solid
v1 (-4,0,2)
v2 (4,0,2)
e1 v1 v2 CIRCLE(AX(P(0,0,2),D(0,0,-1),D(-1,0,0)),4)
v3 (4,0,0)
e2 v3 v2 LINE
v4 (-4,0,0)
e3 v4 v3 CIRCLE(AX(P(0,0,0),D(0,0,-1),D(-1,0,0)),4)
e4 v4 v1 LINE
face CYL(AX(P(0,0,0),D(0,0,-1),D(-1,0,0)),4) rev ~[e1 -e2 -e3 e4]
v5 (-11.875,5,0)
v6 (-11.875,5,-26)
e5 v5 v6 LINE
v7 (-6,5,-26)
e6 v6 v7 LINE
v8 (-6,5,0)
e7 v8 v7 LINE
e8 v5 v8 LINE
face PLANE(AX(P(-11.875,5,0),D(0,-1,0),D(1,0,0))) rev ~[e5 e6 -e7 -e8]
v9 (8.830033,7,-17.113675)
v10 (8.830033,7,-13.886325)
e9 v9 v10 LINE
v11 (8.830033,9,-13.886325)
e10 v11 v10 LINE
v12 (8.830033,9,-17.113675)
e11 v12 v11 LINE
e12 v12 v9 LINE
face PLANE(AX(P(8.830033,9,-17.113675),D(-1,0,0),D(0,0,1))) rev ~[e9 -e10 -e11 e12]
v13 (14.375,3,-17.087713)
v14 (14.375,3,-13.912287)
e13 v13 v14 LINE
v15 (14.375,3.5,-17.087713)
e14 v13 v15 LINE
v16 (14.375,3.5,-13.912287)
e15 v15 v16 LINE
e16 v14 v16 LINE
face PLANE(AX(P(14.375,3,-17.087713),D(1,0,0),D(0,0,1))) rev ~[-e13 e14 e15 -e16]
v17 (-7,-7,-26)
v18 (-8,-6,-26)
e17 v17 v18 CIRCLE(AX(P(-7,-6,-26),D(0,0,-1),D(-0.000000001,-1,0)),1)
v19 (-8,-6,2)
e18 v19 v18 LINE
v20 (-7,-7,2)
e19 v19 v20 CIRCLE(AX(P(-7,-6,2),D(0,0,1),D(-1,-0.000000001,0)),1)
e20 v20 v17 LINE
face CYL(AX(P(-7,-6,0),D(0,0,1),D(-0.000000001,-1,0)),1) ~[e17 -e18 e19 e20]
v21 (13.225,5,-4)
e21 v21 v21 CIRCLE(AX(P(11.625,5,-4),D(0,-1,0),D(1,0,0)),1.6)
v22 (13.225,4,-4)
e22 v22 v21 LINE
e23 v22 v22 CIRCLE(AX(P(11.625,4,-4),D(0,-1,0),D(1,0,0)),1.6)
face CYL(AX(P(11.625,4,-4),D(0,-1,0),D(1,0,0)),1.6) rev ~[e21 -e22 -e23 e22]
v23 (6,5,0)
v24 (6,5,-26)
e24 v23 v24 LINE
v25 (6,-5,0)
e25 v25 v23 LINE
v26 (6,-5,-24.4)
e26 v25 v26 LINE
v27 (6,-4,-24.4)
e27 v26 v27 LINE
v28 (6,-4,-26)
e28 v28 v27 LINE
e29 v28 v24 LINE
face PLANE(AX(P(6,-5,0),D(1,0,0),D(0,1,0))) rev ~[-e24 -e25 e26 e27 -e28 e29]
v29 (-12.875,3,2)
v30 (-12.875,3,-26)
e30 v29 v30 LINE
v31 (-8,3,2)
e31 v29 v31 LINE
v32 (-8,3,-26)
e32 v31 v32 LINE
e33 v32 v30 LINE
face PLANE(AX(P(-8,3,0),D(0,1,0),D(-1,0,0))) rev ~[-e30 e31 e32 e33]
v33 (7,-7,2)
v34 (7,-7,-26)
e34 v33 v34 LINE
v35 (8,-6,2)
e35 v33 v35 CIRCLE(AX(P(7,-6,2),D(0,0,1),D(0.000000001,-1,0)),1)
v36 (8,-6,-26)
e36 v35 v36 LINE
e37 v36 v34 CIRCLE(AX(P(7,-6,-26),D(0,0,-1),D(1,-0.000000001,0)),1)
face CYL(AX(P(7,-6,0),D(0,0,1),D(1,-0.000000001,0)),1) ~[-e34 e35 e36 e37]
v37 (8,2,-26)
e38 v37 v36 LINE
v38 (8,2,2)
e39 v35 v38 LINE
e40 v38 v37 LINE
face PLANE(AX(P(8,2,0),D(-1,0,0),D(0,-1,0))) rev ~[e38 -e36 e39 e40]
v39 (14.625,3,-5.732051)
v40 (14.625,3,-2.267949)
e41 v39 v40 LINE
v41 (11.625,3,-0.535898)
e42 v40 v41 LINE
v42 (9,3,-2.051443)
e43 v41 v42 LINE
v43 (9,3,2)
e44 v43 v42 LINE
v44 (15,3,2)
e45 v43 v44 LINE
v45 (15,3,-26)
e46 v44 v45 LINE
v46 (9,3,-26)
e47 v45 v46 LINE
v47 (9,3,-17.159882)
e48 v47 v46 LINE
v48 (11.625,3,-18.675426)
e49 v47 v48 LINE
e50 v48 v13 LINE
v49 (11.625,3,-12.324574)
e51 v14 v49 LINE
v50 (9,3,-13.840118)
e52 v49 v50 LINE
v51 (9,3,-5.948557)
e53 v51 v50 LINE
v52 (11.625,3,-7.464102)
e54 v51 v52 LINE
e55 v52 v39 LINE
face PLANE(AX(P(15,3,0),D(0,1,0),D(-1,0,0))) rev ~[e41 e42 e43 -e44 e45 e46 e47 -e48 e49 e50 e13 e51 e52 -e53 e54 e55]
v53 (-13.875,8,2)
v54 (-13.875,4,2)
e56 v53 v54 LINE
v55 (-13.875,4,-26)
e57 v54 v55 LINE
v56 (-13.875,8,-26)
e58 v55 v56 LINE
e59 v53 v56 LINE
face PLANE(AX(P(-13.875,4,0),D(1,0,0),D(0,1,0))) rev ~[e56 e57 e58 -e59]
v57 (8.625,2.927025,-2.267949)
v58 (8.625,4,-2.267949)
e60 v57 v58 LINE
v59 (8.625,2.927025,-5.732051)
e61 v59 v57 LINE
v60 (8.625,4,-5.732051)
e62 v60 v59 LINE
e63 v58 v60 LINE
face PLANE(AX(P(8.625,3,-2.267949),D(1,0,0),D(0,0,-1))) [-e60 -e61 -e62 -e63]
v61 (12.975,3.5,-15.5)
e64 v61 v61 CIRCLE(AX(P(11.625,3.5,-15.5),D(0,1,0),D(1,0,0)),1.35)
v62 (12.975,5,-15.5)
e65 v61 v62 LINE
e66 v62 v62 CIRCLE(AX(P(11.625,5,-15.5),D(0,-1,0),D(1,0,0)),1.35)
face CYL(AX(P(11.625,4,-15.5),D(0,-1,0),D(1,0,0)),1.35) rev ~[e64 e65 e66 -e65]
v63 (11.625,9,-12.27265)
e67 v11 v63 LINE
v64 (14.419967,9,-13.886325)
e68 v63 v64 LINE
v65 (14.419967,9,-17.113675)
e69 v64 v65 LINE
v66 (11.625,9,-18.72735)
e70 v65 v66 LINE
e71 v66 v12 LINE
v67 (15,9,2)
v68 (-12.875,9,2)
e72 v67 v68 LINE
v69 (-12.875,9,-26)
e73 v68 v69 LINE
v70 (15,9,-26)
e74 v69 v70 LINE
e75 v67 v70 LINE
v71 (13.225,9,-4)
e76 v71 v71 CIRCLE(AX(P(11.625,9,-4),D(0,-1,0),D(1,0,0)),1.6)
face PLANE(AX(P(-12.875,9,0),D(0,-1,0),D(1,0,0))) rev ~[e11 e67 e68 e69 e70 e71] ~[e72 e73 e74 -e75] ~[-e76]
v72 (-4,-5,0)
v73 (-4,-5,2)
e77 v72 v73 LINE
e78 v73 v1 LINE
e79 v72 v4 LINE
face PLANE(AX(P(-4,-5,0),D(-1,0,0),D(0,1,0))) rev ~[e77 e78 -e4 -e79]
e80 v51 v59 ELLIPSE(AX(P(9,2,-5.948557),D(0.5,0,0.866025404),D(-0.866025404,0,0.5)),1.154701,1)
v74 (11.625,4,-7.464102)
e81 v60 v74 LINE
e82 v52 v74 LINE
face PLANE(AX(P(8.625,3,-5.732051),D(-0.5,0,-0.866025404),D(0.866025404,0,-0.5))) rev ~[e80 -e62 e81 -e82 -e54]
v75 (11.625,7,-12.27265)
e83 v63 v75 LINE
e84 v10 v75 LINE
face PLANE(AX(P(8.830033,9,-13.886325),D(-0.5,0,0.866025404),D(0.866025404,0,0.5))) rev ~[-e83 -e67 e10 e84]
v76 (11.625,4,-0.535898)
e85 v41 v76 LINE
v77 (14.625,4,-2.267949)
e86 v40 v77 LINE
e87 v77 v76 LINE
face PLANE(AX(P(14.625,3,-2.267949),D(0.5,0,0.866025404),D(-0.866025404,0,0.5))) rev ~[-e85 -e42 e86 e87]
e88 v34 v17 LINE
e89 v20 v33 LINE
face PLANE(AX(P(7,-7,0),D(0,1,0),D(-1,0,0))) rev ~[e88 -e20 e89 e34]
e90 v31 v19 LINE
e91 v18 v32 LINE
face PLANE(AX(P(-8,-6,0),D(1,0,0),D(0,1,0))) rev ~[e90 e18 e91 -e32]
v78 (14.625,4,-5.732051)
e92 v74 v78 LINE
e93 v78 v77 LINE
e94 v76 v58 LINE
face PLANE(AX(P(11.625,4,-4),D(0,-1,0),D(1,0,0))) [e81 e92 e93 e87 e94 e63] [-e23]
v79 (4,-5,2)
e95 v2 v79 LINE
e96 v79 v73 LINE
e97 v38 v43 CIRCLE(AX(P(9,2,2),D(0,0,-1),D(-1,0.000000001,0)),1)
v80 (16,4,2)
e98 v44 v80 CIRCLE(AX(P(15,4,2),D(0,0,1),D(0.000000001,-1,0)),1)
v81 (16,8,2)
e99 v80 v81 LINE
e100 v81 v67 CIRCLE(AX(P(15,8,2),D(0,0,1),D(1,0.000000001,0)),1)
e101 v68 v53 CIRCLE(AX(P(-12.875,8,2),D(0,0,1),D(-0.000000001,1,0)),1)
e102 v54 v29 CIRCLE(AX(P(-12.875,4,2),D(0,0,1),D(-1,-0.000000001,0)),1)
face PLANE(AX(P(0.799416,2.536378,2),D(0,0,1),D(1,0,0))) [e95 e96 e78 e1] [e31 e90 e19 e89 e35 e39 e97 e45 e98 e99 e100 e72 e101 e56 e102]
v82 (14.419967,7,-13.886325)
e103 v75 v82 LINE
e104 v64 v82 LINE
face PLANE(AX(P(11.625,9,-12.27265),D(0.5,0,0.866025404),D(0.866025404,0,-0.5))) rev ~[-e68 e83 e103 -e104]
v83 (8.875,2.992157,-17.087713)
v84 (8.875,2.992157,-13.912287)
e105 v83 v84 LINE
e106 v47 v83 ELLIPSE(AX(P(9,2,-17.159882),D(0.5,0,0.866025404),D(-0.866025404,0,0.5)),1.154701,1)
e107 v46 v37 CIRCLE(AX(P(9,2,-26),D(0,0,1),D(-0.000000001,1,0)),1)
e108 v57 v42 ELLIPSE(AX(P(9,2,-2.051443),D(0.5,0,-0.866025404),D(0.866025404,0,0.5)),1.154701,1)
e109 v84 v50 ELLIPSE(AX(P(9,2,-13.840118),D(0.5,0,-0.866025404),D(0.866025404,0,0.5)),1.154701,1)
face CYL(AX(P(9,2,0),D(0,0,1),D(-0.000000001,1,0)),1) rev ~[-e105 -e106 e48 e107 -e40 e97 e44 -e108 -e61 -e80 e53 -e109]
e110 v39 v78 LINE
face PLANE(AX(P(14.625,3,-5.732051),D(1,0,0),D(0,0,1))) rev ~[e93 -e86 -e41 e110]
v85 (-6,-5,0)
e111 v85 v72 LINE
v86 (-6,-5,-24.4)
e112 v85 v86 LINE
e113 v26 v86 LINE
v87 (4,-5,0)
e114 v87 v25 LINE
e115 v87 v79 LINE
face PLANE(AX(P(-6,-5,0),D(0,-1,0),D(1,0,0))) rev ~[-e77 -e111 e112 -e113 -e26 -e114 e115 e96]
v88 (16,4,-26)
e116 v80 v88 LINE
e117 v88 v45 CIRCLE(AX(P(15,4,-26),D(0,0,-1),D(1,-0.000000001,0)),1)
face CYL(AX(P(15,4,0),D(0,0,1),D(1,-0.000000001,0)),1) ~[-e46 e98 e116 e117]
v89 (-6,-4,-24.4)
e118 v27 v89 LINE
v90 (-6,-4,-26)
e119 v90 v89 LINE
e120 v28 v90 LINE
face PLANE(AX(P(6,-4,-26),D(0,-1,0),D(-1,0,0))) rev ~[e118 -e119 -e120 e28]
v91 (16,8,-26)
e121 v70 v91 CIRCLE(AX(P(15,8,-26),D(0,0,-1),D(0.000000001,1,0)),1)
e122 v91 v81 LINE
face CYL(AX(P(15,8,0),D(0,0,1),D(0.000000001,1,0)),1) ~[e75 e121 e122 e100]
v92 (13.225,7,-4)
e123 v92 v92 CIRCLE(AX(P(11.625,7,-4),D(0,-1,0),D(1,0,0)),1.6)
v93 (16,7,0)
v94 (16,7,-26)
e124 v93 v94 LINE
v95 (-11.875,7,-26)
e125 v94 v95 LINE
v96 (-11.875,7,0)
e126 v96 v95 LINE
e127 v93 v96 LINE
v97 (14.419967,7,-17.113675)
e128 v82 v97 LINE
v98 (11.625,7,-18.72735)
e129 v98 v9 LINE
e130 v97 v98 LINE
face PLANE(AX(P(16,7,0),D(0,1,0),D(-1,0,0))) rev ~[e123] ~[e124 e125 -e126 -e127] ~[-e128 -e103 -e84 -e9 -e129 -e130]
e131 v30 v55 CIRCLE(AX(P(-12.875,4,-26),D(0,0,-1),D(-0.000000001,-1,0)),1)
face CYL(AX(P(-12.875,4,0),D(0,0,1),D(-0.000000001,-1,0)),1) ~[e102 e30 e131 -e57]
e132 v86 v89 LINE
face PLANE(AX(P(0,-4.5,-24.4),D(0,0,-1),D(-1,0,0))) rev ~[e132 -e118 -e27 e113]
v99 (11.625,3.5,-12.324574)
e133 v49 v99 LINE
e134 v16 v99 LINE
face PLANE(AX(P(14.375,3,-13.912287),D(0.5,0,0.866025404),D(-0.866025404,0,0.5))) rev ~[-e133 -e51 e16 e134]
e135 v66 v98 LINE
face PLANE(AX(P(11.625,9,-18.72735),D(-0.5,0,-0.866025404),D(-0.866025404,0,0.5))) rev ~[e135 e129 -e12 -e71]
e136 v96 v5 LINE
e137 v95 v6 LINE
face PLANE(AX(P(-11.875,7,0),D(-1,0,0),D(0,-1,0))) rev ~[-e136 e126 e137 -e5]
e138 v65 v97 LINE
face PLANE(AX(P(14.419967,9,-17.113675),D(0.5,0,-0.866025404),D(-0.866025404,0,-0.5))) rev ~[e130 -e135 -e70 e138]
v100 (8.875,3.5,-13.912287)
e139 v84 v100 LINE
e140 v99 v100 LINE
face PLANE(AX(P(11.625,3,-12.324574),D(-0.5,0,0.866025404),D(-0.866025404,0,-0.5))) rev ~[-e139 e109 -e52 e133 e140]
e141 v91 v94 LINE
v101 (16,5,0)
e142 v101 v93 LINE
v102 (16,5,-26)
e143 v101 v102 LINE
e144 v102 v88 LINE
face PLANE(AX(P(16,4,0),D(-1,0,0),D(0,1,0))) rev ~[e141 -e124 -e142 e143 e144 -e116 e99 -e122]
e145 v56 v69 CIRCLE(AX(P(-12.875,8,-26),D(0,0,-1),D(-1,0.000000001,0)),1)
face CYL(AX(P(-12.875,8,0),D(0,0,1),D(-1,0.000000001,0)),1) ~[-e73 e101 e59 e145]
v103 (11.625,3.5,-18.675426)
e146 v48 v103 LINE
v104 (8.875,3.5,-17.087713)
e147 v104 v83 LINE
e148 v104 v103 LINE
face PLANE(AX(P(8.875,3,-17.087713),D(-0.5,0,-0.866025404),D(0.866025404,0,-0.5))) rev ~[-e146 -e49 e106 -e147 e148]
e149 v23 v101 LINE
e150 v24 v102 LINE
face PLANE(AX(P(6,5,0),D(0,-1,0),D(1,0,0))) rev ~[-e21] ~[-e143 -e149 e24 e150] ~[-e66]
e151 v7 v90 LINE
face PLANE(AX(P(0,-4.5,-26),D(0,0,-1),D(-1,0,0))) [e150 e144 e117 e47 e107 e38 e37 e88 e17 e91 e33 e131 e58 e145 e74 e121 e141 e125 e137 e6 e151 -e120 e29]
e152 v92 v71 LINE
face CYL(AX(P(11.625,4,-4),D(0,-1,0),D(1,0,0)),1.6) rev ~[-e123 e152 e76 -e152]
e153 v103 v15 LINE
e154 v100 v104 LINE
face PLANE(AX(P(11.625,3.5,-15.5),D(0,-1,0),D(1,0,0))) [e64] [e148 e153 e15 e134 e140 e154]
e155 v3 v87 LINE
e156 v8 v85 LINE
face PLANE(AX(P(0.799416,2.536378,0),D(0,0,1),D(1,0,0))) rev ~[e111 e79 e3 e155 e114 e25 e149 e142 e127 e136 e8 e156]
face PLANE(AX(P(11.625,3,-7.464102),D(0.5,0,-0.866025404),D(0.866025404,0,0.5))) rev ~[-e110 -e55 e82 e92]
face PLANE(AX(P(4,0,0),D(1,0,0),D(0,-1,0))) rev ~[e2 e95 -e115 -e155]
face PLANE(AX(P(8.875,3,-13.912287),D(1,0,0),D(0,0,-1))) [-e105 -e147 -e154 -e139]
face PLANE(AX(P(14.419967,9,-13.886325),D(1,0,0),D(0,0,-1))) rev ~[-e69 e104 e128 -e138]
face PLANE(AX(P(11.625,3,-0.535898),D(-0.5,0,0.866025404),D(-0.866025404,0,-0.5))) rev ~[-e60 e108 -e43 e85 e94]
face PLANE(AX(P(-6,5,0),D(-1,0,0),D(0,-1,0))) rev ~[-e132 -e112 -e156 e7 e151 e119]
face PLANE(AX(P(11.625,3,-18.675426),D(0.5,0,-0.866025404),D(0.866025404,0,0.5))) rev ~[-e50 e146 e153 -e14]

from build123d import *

# Parameters (mm, degrees)
EXTRUDE_1_DEPTH          = 2
EXTRUDE_2_DEPTH          = 26
SKETCH_3_W               = 12
SKETCH_3_H               = 1
EXTRUDE_3_DEPTH          = 1.6
CUT_EXTRUDE_1_DEPTH      = 2
CUT_EXTRUDE_2_DEPTH      = 11
CUT_EXTRUDE_2_DEPTH_BACK = 0.5
CUT_EXTRUDE_3_DEPTH      = 11
CUT_EXTRUDE_3_DEPTH_BACK = 1
SKETCH_7_R               = 1.35
SKETCH_7_R_2             = 1.6
CUT_EXTRUDE_4_DEPTH      = 1
CUT_EXTRUDE_4_DEPTH_BACK = 6


with BuildPart() as part:
    # 草图1 → 凸台-拉伸1 (new body)
    with BuildSketch(Plane.XY):
        with BuildLine():
            ThreePointArc((8, 2), (8.292893219, 2.707106781), (9, 3))
            Line((9, 3), (15, 3))
            ThreePointArc((15, 3), (15.707106781, 3.292893219), (16, 4))
            Line((16, 4), (16, 8))
            ThreePointArc((16, 8), (15.707106781, 8.707106781), (15, 9))
            Line((15, 9), (-12.875, 9))
            ThreePointArc((-12.875, 9), (-13.582106781, 8.707106781), (-13.875, 8))
            Line((-13.875, 8), (-13.875, 4))
            ThreePointArc((-13.875, 4), (-13.582106781, 3.292893219), (-12.875, 3))
            Line((-12.875, 3), (-8, 3))
            Line((-8, 3), (-8, -6))
            ThreePointArc((-8, -6), (-7.707106781, -6.707106781), (-7, -7))
            Line((-7, -7), (7, -7))
            ThreePointArc((7, -7), (7.707106781, -6.707106781), (8, -6))
            Line((8, -6), (8, 2))
        make_face()
        with BuildLine():
            Line((4, -5), (-4, -5))
            Line((-4, -5), (-4, 0))
            ThreePointArc((-4, 0), (0, 4), (4, 0))
            Line((4, 0), (4, -5))
        make_face(mode=Mode.SUBTRACT)
    extrude(amount=EXTRUDE_1_DEPTH)

    # 草图2 → 凸台-拉伸2 (add)
    with BuildSketch(Plane(origin=(0, 0, 0), x_dir=(-1, 0, 0), z_dir=(0, 0, -1))):
        with BuildLine():
            Line((6, -4), (6, -5))
            Line((6, -5), (5, -5))
            Line((5, -5), (-5, -5))
            Line((-5, -5), (-6, -5))
            Line((-6, -5), (-6, -4))
            Line((-6, -4), (-6, 4))
            Line((-6, 4), (-6, 5))
            Line((-6, 5), (-16, 5))
            Line((-16, 5), (-16, 4))
            ThreePointArc((-16, 4), (-15.707106781, 3.292893219), (-15, 3))
            Line((-15, 3), (-9, 3))
            ThreePointArc((-9, 3), (-8.292893219, 2.707106781), (-8, 2))
            Line((-8, 2), (-8, -6))
            ThreePointArc((-8, -6), (-7.707106781, -6.707106781), (-7, -7))
            Line((-7, -7), (7, -7))
            ThreePointArc((7, -7), (7.707106781, -6.707106781), (8, -6))
            Line((8, -6), (8, 3))
            Line((8, 3), (12.875, 3))
            ThreePointArc((12.875, 3), (13.582106781, 3.292893219), (13.875, 4))
            Line((13.875, 4), (13.875, 8))
            ThreePointArc((13.875, 8), (13.582106781, 8.707106781), (12.875, 9))
            Line((12.875, 9), (-15, 9))
            ThreePointArc((-15, 9), (-15.707106781, 8.707106781), (-16, 8))
            Line((-16, 8), (-16, 7))
            Line((-16, 7), (11.875, 7))
            Line((11.875, 7), (11.875, 5))
            Line((11.875, 5), (6, 5))
            Line((6, 5), (6, 4))
            Line((6, 4), (6, -4))
        make_face()
    extrude(amount=EXTRUDE_2_DEPTH)

    # 草图3 → 凸台-拉伸3 (add)
    with BuildSketch(Plane(origin=(0, 0, -26), x_dir=(-1, 0, 0), z_dir=(0, 0, -1))):
        with Locations((0, -4.5)):
            Rectangle(SKETCH_3_W, SKETCH_3_H)
    extrude(amount=-EXTRUDE_3_DEPTH)

    # 草图4 → 切除-拉伸1 (cut)
    with BuildSketch(Plane(origin=(0, 9, 0), x_dir=(1, 0, 0), z_dir=(0, 1, 0))):
        Polygon((11.625, 12.272649731), (14.41996732, 13.886324865), (14.41996732, 17.113675135), (11.625, 18.727350269), (8.83003268, 17.113675135), (8.83003268, 13.886324865), align=None)
    extrude(amount=-CUT_EXTRUDE_1_DEPTH, mode=Mode.SUBTRACT)

    # 草图5 → 切除-拉伸2 (cut, two sides)
    with BuildSketch(Plane.XZ.offset(-3)) as cut_extrude_2_sk:
        Polygon((11.625, -18.675426481), (14.375, -17.08771324), (14.375, -13.91228676), (11.625, -12.324573519), (8.875, -13.91228676), (8.875, -17.08771324), align=None)
    extrude(amount=CUT_EXTRUDE_2_DEPTH, mode=Mode.SUBTRACT)
    extrude(cut_extrude_2_sk.sketch, amount=-CUT_EXTRUDE_2_DEPTH_BACK, mode=Mode.SUBTRACT)

    # 草图6 → 切除-拉伸3 (cut, two sides)
    with BuildSketch(Plane.XZ.offset(-3)) as cut_extrude_3_sk:
        Polygon((8.625, -5.732050808), (11.625, -7.464101615), (14.625, -5.732050808), (14.625, -2.267949192), (11.625, -0.535898385), (8.625, -2.267949192), align=None)
    extrude(amount=CUT_EXTRUDE_3_DEPTH, mode=Mode.SUBTRACT)
    extrude(cut_extrude_3_sk.sketch, amount=-CUT_EXTRUDE_3_DEPTH_BACK, mode=Mode.SUBTRACT)

    # 草图7 → 切除-拉伸4 (cut, two sides)
    with BuildSketch(Plane.XZ.offset(-4)) as cut_extrude_4_sk:
        with Locations((11.625, -15.5)):
            Circle(SKETCH_7_R)
        with Locations((11.625, -4)):
            Circle(SKETCH_7_R_2)
    extrude(amount=CUT_EXTRUDE_4_DEPTH, mode=Mode.SUBTRACT)
    extrude(cut_extrude_4_sk.sketch, amount=-CUT_EXTRUDE_4_DEPTH_BACK, mode=Mode.SUBTRACT)


solid = part.part
